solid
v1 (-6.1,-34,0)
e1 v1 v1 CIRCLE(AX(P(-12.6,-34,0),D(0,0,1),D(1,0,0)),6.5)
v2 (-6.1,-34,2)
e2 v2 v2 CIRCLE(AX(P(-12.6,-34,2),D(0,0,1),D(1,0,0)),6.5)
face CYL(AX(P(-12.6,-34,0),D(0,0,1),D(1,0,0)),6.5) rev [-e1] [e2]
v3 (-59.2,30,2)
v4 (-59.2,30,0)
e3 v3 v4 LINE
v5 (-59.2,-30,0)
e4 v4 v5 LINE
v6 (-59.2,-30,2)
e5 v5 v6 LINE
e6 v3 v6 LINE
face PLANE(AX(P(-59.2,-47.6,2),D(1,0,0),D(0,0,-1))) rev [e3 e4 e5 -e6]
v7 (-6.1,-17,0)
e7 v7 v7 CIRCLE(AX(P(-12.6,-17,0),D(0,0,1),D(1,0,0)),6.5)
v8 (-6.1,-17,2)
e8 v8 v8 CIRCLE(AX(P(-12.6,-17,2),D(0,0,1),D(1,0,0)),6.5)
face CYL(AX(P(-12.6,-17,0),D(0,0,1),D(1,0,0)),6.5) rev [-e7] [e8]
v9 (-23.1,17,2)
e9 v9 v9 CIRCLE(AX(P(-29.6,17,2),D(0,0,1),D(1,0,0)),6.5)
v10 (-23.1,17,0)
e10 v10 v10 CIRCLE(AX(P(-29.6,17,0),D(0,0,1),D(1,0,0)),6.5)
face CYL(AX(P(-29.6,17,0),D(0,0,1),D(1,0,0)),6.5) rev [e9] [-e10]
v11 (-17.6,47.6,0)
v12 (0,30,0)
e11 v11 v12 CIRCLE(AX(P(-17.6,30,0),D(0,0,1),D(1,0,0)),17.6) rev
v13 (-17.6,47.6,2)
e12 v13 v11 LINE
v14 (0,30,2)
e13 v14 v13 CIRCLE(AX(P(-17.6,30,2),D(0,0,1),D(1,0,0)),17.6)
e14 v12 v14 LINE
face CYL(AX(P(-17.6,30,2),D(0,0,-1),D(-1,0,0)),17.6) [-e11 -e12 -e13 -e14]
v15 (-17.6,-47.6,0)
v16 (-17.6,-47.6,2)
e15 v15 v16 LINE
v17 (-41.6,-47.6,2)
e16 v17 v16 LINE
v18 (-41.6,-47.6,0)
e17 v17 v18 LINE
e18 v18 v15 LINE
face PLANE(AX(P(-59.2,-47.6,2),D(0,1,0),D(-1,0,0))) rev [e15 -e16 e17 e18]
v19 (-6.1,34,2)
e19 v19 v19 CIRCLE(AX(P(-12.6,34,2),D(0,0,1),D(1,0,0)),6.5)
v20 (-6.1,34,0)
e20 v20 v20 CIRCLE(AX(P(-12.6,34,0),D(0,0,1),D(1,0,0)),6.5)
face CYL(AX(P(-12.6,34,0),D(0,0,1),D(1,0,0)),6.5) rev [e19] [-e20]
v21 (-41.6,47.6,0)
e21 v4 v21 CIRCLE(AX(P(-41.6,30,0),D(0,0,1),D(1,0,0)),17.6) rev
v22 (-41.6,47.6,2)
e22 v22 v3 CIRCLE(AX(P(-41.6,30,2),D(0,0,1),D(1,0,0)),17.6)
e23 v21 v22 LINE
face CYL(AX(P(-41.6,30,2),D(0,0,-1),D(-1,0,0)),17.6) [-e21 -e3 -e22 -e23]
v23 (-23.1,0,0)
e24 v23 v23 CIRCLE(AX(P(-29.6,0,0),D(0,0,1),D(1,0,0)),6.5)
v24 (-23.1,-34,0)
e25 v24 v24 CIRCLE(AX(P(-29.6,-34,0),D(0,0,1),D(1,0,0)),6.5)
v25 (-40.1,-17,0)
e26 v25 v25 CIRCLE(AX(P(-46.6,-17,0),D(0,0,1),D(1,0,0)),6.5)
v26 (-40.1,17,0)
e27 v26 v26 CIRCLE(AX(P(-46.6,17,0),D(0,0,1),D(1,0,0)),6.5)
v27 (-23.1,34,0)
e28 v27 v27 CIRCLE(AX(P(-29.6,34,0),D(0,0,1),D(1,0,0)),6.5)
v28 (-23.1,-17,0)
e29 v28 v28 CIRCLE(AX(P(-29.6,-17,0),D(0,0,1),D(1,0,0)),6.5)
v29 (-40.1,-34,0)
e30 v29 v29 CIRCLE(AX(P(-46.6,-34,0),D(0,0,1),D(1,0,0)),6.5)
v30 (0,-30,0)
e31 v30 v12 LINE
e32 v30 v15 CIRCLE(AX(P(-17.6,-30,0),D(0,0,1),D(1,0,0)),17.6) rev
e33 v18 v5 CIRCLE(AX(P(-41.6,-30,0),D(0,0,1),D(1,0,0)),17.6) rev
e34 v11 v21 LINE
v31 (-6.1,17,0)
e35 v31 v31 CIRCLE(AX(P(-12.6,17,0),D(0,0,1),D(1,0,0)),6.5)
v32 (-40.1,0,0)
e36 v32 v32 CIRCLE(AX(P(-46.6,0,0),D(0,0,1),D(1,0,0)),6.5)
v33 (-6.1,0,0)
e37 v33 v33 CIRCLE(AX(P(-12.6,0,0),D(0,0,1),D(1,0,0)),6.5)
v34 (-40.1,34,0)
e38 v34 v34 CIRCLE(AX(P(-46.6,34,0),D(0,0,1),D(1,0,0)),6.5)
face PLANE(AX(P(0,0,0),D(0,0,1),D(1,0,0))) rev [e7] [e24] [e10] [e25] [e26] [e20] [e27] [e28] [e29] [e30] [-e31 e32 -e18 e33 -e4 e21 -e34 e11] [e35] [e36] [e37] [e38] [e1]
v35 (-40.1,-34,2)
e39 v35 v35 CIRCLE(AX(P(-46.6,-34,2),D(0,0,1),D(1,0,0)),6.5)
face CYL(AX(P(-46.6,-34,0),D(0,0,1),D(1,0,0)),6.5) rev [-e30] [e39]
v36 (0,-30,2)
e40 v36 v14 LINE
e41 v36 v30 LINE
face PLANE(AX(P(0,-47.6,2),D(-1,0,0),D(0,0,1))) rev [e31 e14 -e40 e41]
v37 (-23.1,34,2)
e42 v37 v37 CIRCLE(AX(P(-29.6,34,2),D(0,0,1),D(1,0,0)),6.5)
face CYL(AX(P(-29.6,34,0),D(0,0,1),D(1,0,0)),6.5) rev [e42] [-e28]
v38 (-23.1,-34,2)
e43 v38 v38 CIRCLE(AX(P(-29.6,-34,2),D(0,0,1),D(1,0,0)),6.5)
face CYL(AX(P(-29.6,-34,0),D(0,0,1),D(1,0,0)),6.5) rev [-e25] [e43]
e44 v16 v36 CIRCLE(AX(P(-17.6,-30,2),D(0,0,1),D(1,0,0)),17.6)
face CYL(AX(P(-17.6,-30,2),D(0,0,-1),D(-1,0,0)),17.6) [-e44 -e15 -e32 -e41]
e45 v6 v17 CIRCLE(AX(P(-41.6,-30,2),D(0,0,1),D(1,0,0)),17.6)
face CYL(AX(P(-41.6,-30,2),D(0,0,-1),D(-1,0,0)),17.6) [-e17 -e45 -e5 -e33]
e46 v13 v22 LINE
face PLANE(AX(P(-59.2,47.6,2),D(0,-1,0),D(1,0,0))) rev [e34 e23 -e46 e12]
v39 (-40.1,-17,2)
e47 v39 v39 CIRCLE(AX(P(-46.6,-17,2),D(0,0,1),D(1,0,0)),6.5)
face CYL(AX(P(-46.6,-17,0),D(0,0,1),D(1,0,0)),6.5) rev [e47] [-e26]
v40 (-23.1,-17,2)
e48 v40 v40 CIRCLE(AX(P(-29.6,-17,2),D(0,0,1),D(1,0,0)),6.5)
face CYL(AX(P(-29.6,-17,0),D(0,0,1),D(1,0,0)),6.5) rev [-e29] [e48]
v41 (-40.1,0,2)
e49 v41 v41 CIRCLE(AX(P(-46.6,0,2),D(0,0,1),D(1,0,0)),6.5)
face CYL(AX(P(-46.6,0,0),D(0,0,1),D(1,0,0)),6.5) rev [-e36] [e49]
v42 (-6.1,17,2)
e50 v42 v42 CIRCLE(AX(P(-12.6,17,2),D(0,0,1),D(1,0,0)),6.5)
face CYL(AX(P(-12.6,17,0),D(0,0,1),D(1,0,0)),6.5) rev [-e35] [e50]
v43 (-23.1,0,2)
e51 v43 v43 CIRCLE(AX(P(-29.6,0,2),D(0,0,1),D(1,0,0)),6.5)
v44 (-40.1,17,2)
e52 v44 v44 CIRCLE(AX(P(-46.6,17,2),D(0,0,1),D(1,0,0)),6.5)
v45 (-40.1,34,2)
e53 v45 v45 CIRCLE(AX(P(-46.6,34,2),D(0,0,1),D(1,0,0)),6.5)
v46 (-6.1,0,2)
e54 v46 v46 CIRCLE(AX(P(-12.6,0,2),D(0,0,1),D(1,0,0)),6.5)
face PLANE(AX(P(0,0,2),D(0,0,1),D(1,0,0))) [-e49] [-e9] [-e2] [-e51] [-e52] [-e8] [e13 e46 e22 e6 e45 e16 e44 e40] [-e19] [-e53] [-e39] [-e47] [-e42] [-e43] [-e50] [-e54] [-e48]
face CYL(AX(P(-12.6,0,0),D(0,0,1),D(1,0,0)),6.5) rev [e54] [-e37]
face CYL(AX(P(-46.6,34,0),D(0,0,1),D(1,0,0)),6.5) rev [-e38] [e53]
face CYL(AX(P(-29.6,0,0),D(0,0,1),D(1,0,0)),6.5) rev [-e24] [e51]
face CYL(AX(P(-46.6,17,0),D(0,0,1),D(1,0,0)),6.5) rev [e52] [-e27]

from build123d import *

# Parameters (mm, degrees)
SKETCH1_W               = 95.2
SKETCH1_H               = 59.2
BOSS_EXTRUDE1_DEPTH     = 2
SKETCH2_R               = 6.5
CUT_EXTRUDE2_DEPTH      = 1
CUT_EXTRUDE2_DEPTH_BACK = 3
FILLET1_R               = 17.6


with BuildPart() as part:
    # Sketch1 → Boss-Extrude1 (new body)
    with BuildSketch(Plane(origin=(0, 0, 0), x_dir=(0, 1, 0), z_dir=(0, 0, 1))):
        with Locations((0, 29.6)):
            Rectangle(SKETCH1_W, SKETCH1_H)
    extrude(amount=BOSS_EXTRUDE1_DEPTH)

    # Sketch2 → Cut-Extrude2 (cut, two sides)
    with BuildSketch(Plane.XY.offset(2)) as cut_extrude2_sk:
        with Locations((-29.6, 0)):
            Circle(SKETCH2_R)
        with Locations((-46.6, 0)):
            Circle(SKETCH2_R)
        with Locations((-12.6, 0)):
            Circle(SKETCH2_R)
        with Locations((-12.6, -17)):
            Circle(SKETCH2_R)
        with Locations((-46.6, -17)):
            Circle(SKETCH2_R)
        with Locations((-29.6, -17)):
            Circle(SKETCH2_R)
        with Locations((-12.6, -34)):
            Circle(SKETCH2_R)
        with Locations((-46.6, -34)):
            Circle(SKETCH2_R)
        with Locations((-29.6, -34)):
            Circle(SKETCH2_R)
        with Locations((-46.6, 17)):
            Circle(SKETCH2_R)
        with Locations((-29.6, 17)):
            Circle(SKETCH2_R)
        with Locations((-12.6, 17)):
            Circle(SKETCH2_R)
        with Locations((-46.6, 34)):
            Circle(SKETCH2_R)
        with Locations((-29.6, 34)):
            Circle(SKETCH2_R)
        with Locations((-12.6, 34)):
            Circle(SKETCH2_R)
    extrude(amount=CUT_EXTRUDE2_DEPTH, mode=Mode.SUBTRACT)
    extrude(cut_extrude2_sk.sketch, amount=-CUT_EXTRUDE2_DEPTH_BACK, mode=Mode.SUBTRACT)

    # Fillet1
    fillet1_edges = [part.edges().sort_by_distance(p)[0] for p in [
        (-59.2, -47.6, 1),
        (-59.2, 47.6, 1),
        (0, 47.6, 1),
        (0, -47.6, 1),
    ]]
    fillet(fillet1_edges, radius=FILLET1_R)


solid = part.part
